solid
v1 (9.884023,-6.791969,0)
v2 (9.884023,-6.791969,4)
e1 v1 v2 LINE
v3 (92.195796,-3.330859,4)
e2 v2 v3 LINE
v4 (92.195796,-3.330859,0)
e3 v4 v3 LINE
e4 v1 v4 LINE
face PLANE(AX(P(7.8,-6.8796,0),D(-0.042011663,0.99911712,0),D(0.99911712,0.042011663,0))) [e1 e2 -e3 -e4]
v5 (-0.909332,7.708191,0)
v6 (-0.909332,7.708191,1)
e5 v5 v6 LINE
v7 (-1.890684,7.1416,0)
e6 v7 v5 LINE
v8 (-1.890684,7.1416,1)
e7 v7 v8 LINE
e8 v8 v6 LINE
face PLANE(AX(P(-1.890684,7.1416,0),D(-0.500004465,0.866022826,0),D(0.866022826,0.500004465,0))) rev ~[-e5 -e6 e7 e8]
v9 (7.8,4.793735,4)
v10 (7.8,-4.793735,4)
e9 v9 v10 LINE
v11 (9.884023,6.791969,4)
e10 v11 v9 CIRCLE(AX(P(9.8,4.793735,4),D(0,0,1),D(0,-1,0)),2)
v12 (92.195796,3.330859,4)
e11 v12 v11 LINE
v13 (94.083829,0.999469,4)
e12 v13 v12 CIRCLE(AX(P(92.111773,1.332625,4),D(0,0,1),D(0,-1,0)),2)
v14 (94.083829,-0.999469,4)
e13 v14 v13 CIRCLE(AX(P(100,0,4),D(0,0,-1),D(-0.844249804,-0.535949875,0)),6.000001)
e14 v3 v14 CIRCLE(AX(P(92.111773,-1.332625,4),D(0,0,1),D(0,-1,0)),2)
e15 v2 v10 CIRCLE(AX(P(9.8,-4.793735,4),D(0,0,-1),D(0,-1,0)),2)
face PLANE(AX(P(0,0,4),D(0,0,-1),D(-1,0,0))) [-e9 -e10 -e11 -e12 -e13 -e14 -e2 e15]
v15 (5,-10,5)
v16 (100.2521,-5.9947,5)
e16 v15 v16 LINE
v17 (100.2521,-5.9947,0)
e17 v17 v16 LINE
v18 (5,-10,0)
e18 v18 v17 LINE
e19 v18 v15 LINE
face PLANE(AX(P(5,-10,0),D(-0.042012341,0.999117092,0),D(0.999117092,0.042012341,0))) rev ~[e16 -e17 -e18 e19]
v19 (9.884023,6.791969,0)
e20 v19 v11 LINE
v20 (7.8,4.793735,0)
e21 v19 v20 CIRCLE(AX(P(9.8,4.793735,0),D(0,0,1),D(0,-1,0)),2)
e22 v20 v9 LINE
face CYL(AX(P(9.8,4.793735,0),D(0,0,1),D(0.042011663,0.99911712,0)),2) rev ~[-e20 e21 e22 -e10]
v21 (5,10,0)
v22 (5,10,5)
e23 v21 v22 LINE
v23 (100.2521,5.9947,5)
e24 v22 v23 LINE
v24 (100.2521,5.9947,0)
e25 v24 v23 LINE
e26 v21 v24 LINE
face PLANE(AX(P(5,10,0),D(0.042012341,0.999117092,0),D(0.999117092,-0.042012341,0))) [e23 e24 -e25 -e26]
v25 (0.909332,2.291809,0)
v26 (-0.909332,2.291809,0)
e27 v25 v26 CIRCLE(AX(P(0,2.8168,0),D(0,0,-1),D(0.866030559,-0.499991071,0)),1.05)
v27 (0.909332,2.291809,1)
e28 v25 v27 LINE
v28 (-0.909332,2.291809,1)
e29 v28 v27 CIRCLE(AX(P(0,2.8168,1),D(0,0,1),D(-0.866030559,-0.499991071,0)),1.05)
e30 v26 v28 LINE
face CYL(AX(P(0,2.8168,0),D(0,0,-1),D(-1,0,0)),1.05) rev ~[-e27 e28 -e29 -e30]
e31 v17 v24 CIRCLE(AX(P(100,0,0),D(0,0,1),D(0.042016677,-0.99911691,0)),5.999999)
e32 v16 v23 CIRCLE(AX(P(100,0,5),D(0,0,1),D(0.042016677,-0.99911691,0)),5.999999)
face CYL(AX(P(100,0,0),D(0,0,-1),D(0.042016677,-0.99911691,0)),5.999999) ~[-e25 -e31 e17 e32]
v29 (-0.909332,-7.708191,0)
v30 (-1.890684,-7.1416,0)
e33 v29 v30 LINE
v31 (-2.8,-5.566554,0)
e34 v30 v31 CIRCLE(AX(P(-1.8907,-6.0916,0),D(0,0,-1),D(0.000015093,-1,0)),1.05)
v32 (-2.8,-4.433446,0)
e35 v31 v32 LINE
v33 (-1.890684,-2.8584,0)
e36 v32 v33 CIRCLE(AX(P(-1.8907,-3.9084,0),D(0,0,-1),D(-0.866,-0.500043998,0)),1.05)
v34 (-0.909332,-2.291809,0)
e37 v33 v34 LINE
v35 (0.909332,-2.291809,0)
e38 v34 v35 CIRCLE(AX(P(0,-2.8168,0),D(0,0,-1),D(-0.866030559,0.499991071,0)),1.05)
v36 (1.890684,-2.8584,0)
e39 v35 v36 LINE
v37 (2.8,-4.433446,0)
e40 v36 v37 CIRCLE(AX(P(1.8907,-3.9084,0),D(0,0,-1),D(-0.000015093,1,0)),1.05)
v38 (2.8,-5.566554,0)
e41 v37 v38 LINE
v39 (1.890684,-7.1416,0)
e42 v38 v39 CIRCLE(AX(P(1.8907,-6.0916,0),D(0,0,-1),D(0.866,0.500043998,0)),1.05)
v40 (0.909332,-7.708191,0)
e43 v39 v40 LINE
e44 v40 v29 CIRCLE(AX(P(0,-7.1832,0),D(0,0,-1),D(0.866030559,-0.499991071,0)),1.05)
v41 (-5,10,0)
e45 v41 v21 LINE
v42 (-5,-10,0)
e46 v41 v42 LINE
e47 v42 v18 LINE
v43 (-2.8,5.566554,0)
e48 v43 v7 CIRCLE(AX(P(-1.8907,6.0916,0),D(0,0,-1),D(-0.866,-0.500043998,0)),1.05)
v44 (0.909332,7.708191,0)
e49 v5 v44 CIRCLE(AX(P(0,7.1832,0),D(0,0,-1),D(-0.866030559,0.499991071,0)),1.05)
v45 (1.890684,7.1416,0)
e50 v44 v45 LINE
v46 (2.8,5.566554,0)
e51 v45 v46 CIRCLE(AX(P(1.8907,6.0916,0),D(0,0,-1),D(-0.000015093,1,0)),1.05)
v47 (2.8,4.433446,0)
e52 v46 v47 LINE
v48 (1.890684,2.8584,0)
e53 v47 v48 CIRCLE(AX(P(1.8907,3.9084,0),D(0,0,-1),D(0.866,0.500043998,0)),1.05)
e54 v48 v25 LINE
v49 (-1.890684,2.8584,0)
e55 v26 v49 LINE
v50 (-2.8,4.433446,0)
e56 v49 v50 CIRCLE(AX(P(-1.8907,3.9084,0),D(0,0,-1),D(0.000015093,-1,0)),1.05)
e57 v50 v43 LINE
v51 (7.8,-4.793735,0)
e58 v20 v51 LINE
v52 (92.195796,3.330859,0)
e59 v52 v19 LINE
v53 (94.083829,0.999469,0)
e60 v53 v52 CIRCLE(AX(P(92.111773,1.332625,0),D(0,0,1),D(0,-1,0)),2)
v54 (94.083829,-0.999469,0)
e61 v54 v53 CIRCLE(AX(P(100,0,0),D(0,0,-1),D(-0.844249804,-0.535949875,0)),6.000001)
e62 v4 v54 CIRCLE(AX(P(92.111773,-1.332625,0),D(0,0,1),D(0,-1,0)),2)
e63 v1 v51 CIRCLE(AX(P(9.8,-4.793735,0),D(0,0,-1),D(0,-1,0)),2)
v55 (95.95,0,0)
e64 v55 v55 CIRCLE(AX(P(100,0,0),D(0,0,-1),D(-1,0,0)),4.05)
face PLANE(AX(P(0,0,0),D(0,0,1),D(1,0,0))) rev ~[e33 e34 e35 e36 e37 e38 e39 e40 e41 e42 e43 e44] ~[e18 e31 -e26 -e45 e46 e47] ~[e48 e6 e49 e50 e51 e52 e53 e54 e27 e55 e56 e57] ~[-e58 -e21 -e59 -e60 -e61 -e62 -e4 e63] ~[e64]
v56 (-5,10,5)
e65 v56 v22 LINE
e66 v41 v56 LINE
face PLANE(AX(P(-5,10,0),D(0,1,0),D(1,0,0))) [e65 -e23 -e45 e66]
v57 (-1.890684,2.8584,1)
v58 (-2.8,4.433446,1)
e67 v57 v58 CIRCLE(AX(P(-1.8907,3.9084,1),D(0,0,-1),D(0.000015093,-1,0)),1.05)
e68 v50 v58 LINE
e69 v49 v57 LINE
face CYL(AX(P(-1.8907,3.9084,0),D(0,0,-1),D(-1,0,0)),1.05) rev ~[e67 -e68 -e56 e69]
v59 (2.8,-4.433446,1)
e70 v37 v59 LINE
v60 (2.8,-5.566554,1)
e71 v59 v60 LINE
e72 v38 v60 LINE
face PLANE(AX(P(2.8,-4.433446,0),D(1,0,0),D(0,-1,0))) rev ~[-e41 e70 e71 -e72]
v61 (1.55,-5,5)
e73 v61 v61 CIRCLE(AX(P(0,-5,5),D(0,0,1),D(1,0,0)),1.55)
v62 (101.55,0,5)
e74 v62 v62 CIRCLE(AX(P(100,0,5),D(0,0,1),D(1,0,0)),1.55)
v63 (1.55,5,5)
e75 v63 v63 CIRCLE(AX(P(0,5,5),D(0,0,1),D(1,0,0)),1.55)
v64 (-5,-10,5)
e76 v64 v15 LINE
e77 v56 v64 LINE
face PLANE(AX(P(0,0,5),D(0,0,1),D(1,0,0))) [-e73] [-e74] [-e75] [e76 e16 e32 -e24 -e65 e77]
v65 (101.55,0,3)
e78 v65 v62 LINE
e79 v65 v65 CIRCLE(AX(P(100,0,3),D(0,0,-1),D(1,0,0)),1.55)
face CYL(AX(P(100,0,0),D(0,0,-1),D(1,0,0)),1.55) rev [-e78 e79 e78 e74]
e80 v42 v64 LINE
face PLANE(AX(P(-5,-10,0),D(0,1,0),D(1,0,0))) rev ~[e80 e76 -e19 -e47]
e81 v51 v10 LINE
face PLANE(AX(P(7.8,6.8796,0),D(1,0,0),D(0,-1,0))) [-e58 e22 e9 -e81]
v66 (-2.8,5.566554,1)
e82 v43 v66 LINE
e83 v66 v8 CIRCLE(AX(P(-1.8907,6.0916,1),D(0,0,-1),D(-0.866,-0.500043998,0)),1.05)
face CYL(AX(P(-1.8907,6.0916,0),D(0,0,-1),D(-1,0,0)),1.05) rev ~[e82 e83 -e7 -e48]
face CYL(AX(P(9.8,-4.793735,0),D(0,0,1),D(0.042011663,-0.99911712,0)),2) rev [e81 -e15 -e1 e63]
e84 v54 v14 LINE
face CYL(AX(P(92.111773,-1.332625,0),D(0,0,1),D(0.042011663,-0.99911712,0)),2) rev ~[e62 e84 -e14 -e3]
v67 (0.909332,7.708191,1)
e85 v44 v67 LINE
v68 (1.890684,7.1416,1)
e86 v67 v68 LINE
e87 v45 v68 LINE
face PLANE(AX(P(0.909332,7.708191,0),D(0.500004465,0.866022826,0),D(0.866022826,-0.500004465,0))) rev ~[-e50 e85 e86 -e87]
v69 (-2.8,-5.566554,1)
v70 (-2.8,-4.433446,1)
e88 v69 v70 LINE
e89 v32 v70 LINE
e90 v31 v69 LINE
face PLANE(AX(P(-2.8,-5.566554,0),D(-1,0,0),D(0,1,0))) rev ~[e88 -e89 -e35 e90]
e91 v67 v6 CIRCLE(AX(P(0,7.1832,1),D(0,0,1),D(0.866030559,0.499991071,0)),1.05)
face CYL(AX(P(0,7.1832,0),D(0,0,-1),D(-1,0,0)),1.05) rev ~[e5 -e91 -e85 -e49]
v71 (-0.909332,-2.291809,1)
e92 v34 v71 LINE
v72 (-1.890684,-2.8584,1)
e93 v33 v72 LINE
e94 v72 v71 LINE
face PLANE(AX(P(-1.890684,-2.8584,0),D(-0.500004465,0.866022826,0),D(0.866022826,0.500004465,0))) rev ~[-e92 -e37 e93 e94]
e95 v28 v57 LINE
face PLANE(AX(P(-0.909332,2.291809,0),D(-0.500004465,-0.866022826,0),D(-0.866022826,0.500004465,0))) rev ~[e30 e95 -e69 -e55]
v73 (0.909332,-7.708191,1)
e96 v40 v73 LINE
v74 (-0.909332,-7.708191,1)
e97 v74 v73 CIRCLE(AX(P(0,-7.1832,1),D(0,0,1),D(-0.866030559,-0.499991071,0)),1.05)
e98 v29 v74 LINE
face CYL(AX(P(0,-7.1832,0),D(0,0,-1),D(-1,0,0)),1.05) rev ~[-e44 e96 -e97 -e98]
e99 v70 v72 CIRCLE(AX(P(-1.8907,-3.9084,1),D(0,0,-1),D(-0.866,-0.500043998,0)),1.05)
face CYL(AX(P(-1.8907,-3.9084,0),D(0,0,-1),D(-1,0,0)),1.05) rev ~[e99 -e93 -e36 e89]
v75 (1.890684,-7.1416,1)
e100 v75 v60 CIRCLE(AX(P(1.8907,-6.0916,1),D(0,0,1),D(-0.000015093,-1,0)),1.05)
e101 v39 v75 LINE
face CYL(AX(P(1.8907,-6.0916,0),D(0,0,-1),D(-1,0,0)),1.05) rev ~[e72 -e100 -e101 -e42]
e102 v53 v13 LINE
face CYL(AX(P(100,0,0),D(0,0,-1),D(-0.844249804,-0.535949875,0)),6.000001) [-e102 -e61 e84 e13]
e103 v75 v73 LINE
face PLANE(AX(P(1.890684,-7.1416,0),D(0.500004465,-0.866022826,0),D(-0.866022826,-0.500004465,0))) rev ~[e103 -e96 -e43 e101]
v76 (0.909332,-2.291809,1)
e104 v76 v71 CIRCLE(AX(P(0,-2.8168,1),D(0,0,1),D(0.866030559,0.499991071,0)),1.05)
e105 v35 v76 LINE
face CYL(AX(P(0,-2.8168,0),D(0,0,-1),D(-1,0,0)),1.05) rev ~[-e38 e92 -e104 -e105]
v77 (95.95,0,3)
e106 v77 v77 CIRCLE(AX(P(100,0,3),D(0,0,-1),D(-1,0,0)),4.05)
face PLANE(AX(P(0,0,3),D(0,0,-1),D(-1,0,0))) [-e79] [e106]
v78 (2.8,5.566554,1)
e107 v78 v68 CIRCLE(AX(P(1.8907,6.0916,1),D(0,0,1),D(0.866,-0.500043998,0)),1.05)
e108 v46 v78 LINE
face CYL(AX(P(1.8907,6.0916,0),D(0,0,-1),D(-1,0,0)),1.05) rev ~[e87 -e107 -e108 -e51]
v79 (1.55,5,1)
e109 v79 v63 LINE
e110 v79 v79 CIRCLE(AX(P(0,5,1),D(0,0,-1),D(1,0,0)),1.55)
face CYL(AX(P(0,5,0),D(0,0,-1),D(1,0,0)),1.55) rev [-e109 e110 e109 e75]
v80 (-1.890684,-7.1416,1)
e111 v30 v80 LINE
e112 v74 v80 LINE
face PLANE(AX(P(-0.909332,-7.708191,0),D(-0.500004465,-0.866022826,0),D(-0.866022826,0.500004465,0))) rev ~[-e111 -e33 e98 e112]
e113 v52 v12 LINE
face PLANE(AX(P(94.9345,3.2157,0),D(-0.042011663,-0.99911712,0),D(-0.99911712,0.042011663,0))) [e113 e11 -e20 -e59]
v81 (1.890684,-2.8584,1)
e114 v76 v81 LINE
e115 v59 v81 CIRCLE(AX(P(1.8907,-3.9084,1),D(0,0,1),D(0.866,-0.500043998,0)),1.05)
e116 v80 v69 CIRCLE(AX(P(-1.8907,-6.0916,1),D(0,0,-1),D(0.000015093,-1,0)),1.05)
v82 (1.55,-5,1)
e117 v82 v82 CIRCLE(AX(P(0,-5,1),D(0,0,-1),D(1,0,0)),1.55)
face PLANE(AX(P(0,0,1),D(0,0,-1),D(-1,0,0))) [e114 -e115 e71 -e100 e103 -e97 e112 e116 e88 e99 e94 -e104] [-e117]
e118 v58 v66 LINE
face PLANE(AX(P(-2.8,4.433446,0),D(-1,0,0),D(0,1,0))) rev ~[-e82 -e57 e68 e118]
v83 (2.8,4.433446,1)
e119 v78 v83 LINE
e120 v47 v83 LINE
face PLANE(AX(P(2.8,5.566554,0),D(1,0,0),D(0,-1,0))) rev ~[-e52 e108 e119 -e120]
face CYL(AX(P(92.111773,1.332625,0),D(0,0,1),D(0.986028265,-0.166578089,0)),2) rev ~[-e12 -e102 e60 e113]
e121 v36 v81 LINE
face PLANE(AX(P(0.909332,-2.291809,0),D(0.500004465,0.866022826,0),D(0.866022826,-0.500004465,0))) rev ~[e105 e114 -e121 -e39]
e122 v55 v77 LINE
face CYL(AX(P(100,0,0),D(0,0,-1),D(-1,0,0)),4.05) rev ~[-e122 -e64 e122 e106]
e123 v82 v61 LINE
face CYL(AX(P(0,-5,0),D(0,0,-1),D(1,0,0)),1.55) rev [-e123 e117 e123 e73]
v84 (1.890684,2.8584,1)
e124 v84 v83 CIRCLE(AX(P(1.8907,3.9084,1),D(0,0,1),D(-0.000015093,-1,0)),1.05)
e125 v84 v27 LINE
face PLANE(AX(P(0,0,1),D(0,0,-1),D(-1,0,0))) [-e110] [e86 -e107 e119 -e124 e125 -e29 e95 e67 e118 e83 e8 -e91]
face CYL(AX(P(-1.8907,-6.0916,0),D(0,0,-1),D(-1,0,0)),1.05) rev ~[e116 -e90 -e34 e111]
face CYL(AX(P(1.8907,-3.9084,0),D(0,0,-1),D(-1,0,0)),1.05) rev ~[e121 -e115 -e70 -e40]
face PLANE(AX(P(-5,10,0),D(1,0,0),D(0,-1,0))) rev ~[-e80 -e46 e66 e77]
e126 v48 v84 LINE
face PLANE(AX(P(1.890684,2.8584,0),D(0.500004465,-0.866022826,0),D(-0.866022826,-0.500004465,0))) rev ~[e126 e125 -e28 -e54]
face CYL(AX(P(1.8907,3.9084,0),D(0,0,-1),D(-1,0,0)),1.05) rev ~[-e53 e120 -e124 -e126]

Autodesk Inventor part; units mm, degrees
ref_plane "YZ Plane" through (0, 0, 0) normal (1, 0, 0) x (0, 1, 0)
ref_plane "XZ Plane" through (0, 0, 0) normal (0, 1, 0) x (-1, 0, 0)
ref_plane "XY Plane" through (0, 0, 0) normal (0, 0, 1) x (1, 0, 0)
sketch "スケッチ1" plane through (0, 0, 0) normal (0, 0, 1) x (1, 0, 0)
  circle A0 centre (0, 5) radius 1.55
  circle A1 centre (0, -5) radius 1.55
  line L0 (0, 5) -> (0, -5) construction
  line L1 (0, 0) -> (100, 0) construction
  circle A2 centre (100, 0) radius 1.55
  line L2 (-5, 10) -> (-5, -10)
  line L3 (-5, -10) -> (5, -10)
  line L4 (5, -10) -> (100.2521, -5.9947)
  line L5 (-5, 10) -> (5, 10)
  line L6 (5, 10) -> (100.2521, 5.9947)
  arc A3 (100.2521, -5.9947) -> (100.2521, 5.9947) centre (100, 0) ccw
  circle A4 centre (0, 5) radius 3 construction
  circle A5 centre (0, 5) radius 5 construction
  line L7 (5, 10) -> (5, -10) construction
  point P0 (-5, 0)
  dimension "d0" = 10
  dimension "d1" = 3.1
  dimension "d2" = 3.1
  dimension "d3" = 100
  dimension "d4" = 6
  dimension "d5" = 6
  dimension "d6" = 2
extrude "押し出し1" add sketch "スケッチ1" along normal blind 5
sketch "スケッチ2" plane through (0, 0, 0) normal (0, 0, -1) x (-1, 0, 0)
  circle A0 centre (-100, 0) radius 1.55 projected
  arc A1 (-100.2521, 5.9947) -> (-100.2521, -5.9947) centre (-100, 0) ccw projected
  circle A2 centre (-100, 0) radius 4.05
  point P0 (0, 0)
  dimension "d9" = 8.1
extrude "押し出し2" cut sketch "スケッチ2" against normal blind 3
sketch "スケッチ3" plane through (0, 0, 0) normal (0, 0, -1) x (-1, 0, 0)
  circle A0 centre (0, -5) radius 1.55 projected
  circle A1 centre (0, 5) radius 1.55 projected
  line L0 (0, -1.8246) -> (2.75, -3.4123)
  line L1 (2.75, -3.4123) -> (2.75, -6.5877)
  line L2 (2.75, -6.5877) -> (0, -8.1754)
  line L3 (0, -8.1754) -> (-2.75, -6.5877)
  line L4 (-2.75, -6.5877) -> (-2.75, -3.4123)
  line L5 (-2.75, -3.4123) -> (0, -1.8246)
  line L6 (-2.75, 6.5877) -> (0, 8.1754)
  line L7 (0, 8.1754) -> (2.75, 6.5877)
  line L8 (2.75, 6.5877) -> (2.75, 3.4123)
  line L9 (2.75, 3.4123) -> (0, 1.8246)
  line L10 (0, 1.8246) -> (-2.75, 3.4123)
  line L11 (-2.75, 3.4123) -> (-2.75, 6.5877)
  line L12 (0, -8.2332) -> (2.8, -6.6166)
  line L13 (2.8, -6.6166) -> (2.8, -3.3834)
  line L14 (2.8, -3.3834) -> (0, -1.7668)
  line L15 (0, -1.7668) -> (-2.8, -3.3834)
  line L16 (-2.8, -3.3834) -> (-2.8, -6.6166)
  line L17 (-2.8, -6.6166) -> (0, -8.2332)
  line L18 (-2.8, 3.3834) -> (0, 1.7668)
  line L19 (0, 1.7668) -> (2.8, 3.3834)
  line L20 (2.8, 3.3834) -> (2.8, 6.6166)
  line L21 (2.8, 6.6166) -> (0, 8.2332)
  line L22 (0, 8.2332) -> (-2.8, 6.6166)
  line L23 (-2.8, 6.6166) -> (-2.8, 3.3834)
  circle A2 centre (0, -7.1832) radius 1.05
  circle A3 centre (1.8907, -6.0916) radius 1.05
  circle A4 centre (1.8907, -3.9084) radius 1.05
  circle A5 centre (0, -2.8168) radius 1.05
  circle A6 centre (-1.8907, -3.9084) radius 1.05
  circle A7 centre (-1.8907, -6.0916) radius 1.05
  circle A8 centre (0, 2.8168) radius 1.05
  circle A9 centre (1.8907, 3.9084) radius 1.05
  circle A10 centre (1.8907, 6.0916) radius 1.05
  circle A11 centre (0, 7.1832) radius 1.05
  circle A12 centre (-1.8907, 6.0916) radius 1.05
  circle A13 centre (-1.8907, 3.9084) radius 1.05
  point P0 (0, 0)
  point P1 (2.8, -6.6166)
  point P2 (2.8, -3.3834)
  point P3 (0, -1.7668)
  point P4 (-2.8, -3.3834)
  point P5 (-2.8, -6.6166)
  point P6 (2.8, 3.3834)
  point P7 (2.8, 6.6166)
  point P8 (0, 8.2332)
  point P9 (-2.8, 6.6166)
  point P10 (-2.8, 3.3834)
  dimension "d16" = 2.1
  dimension "d15" = 5.5
  dimension "d17" = 0.05
  dimension "d20" = 360
  dimension "d24" = 360
extrude "押し出し3" cut sketch "スケッチ3" against normal blind 1
sketch "スケッチ4" plane through (0, 0, 0) normal (0, 0, -1) x (-1, 0, 0)
  circle A0 centre (-100, 0) radius 4.05 projected
  line L0 (-100.2521, 5.9947) -> (-5, 10) projected
  arc A1 (-100.2521, 5.9947) -> (-100.2521, -5.9947) centre (-100, 0) ccw projected
  line L1 (-5, -10) -> (-100.2521, -5.9947) projected
  line L2 (-7.8, -6.8796) -> (-94.9345, -3.2157)
  line L3 (-5, -10) -> (-100.2521, -5.9947) projected
  arc A2 (-94.9345, -3.2157) -> (-94.9345, 3.2157) centre (-100, 0) ccw
  line L4 (-94.9345, 3.2157) -> (-7.8, 6.8796)
  line L5 (-7.8, 6.8796) -> (-7.8, -6.8796)
  point P0 (-2.8, 4.4334)
  point P1 (0, 0)
  dimension "d26" = 3
  dimension "d27" = 3
  dimension "d28" = 5
extrude "押し出し4" cut sketch "スケッチ4" against normal blind 4 contours L2 A2 L4 L5
fillet "フィレット1" radius 2 4 edges at (7.8, 6.8796, 2) (7.8, -6.8796, 2) (94.9345, 3.2157, 2) (94.9345, -3.2157, 2)
equation "\"d27\" = d26"
properties part number "胴体_サブフレーム_1_12" material "アセタール樹脂、黒"
